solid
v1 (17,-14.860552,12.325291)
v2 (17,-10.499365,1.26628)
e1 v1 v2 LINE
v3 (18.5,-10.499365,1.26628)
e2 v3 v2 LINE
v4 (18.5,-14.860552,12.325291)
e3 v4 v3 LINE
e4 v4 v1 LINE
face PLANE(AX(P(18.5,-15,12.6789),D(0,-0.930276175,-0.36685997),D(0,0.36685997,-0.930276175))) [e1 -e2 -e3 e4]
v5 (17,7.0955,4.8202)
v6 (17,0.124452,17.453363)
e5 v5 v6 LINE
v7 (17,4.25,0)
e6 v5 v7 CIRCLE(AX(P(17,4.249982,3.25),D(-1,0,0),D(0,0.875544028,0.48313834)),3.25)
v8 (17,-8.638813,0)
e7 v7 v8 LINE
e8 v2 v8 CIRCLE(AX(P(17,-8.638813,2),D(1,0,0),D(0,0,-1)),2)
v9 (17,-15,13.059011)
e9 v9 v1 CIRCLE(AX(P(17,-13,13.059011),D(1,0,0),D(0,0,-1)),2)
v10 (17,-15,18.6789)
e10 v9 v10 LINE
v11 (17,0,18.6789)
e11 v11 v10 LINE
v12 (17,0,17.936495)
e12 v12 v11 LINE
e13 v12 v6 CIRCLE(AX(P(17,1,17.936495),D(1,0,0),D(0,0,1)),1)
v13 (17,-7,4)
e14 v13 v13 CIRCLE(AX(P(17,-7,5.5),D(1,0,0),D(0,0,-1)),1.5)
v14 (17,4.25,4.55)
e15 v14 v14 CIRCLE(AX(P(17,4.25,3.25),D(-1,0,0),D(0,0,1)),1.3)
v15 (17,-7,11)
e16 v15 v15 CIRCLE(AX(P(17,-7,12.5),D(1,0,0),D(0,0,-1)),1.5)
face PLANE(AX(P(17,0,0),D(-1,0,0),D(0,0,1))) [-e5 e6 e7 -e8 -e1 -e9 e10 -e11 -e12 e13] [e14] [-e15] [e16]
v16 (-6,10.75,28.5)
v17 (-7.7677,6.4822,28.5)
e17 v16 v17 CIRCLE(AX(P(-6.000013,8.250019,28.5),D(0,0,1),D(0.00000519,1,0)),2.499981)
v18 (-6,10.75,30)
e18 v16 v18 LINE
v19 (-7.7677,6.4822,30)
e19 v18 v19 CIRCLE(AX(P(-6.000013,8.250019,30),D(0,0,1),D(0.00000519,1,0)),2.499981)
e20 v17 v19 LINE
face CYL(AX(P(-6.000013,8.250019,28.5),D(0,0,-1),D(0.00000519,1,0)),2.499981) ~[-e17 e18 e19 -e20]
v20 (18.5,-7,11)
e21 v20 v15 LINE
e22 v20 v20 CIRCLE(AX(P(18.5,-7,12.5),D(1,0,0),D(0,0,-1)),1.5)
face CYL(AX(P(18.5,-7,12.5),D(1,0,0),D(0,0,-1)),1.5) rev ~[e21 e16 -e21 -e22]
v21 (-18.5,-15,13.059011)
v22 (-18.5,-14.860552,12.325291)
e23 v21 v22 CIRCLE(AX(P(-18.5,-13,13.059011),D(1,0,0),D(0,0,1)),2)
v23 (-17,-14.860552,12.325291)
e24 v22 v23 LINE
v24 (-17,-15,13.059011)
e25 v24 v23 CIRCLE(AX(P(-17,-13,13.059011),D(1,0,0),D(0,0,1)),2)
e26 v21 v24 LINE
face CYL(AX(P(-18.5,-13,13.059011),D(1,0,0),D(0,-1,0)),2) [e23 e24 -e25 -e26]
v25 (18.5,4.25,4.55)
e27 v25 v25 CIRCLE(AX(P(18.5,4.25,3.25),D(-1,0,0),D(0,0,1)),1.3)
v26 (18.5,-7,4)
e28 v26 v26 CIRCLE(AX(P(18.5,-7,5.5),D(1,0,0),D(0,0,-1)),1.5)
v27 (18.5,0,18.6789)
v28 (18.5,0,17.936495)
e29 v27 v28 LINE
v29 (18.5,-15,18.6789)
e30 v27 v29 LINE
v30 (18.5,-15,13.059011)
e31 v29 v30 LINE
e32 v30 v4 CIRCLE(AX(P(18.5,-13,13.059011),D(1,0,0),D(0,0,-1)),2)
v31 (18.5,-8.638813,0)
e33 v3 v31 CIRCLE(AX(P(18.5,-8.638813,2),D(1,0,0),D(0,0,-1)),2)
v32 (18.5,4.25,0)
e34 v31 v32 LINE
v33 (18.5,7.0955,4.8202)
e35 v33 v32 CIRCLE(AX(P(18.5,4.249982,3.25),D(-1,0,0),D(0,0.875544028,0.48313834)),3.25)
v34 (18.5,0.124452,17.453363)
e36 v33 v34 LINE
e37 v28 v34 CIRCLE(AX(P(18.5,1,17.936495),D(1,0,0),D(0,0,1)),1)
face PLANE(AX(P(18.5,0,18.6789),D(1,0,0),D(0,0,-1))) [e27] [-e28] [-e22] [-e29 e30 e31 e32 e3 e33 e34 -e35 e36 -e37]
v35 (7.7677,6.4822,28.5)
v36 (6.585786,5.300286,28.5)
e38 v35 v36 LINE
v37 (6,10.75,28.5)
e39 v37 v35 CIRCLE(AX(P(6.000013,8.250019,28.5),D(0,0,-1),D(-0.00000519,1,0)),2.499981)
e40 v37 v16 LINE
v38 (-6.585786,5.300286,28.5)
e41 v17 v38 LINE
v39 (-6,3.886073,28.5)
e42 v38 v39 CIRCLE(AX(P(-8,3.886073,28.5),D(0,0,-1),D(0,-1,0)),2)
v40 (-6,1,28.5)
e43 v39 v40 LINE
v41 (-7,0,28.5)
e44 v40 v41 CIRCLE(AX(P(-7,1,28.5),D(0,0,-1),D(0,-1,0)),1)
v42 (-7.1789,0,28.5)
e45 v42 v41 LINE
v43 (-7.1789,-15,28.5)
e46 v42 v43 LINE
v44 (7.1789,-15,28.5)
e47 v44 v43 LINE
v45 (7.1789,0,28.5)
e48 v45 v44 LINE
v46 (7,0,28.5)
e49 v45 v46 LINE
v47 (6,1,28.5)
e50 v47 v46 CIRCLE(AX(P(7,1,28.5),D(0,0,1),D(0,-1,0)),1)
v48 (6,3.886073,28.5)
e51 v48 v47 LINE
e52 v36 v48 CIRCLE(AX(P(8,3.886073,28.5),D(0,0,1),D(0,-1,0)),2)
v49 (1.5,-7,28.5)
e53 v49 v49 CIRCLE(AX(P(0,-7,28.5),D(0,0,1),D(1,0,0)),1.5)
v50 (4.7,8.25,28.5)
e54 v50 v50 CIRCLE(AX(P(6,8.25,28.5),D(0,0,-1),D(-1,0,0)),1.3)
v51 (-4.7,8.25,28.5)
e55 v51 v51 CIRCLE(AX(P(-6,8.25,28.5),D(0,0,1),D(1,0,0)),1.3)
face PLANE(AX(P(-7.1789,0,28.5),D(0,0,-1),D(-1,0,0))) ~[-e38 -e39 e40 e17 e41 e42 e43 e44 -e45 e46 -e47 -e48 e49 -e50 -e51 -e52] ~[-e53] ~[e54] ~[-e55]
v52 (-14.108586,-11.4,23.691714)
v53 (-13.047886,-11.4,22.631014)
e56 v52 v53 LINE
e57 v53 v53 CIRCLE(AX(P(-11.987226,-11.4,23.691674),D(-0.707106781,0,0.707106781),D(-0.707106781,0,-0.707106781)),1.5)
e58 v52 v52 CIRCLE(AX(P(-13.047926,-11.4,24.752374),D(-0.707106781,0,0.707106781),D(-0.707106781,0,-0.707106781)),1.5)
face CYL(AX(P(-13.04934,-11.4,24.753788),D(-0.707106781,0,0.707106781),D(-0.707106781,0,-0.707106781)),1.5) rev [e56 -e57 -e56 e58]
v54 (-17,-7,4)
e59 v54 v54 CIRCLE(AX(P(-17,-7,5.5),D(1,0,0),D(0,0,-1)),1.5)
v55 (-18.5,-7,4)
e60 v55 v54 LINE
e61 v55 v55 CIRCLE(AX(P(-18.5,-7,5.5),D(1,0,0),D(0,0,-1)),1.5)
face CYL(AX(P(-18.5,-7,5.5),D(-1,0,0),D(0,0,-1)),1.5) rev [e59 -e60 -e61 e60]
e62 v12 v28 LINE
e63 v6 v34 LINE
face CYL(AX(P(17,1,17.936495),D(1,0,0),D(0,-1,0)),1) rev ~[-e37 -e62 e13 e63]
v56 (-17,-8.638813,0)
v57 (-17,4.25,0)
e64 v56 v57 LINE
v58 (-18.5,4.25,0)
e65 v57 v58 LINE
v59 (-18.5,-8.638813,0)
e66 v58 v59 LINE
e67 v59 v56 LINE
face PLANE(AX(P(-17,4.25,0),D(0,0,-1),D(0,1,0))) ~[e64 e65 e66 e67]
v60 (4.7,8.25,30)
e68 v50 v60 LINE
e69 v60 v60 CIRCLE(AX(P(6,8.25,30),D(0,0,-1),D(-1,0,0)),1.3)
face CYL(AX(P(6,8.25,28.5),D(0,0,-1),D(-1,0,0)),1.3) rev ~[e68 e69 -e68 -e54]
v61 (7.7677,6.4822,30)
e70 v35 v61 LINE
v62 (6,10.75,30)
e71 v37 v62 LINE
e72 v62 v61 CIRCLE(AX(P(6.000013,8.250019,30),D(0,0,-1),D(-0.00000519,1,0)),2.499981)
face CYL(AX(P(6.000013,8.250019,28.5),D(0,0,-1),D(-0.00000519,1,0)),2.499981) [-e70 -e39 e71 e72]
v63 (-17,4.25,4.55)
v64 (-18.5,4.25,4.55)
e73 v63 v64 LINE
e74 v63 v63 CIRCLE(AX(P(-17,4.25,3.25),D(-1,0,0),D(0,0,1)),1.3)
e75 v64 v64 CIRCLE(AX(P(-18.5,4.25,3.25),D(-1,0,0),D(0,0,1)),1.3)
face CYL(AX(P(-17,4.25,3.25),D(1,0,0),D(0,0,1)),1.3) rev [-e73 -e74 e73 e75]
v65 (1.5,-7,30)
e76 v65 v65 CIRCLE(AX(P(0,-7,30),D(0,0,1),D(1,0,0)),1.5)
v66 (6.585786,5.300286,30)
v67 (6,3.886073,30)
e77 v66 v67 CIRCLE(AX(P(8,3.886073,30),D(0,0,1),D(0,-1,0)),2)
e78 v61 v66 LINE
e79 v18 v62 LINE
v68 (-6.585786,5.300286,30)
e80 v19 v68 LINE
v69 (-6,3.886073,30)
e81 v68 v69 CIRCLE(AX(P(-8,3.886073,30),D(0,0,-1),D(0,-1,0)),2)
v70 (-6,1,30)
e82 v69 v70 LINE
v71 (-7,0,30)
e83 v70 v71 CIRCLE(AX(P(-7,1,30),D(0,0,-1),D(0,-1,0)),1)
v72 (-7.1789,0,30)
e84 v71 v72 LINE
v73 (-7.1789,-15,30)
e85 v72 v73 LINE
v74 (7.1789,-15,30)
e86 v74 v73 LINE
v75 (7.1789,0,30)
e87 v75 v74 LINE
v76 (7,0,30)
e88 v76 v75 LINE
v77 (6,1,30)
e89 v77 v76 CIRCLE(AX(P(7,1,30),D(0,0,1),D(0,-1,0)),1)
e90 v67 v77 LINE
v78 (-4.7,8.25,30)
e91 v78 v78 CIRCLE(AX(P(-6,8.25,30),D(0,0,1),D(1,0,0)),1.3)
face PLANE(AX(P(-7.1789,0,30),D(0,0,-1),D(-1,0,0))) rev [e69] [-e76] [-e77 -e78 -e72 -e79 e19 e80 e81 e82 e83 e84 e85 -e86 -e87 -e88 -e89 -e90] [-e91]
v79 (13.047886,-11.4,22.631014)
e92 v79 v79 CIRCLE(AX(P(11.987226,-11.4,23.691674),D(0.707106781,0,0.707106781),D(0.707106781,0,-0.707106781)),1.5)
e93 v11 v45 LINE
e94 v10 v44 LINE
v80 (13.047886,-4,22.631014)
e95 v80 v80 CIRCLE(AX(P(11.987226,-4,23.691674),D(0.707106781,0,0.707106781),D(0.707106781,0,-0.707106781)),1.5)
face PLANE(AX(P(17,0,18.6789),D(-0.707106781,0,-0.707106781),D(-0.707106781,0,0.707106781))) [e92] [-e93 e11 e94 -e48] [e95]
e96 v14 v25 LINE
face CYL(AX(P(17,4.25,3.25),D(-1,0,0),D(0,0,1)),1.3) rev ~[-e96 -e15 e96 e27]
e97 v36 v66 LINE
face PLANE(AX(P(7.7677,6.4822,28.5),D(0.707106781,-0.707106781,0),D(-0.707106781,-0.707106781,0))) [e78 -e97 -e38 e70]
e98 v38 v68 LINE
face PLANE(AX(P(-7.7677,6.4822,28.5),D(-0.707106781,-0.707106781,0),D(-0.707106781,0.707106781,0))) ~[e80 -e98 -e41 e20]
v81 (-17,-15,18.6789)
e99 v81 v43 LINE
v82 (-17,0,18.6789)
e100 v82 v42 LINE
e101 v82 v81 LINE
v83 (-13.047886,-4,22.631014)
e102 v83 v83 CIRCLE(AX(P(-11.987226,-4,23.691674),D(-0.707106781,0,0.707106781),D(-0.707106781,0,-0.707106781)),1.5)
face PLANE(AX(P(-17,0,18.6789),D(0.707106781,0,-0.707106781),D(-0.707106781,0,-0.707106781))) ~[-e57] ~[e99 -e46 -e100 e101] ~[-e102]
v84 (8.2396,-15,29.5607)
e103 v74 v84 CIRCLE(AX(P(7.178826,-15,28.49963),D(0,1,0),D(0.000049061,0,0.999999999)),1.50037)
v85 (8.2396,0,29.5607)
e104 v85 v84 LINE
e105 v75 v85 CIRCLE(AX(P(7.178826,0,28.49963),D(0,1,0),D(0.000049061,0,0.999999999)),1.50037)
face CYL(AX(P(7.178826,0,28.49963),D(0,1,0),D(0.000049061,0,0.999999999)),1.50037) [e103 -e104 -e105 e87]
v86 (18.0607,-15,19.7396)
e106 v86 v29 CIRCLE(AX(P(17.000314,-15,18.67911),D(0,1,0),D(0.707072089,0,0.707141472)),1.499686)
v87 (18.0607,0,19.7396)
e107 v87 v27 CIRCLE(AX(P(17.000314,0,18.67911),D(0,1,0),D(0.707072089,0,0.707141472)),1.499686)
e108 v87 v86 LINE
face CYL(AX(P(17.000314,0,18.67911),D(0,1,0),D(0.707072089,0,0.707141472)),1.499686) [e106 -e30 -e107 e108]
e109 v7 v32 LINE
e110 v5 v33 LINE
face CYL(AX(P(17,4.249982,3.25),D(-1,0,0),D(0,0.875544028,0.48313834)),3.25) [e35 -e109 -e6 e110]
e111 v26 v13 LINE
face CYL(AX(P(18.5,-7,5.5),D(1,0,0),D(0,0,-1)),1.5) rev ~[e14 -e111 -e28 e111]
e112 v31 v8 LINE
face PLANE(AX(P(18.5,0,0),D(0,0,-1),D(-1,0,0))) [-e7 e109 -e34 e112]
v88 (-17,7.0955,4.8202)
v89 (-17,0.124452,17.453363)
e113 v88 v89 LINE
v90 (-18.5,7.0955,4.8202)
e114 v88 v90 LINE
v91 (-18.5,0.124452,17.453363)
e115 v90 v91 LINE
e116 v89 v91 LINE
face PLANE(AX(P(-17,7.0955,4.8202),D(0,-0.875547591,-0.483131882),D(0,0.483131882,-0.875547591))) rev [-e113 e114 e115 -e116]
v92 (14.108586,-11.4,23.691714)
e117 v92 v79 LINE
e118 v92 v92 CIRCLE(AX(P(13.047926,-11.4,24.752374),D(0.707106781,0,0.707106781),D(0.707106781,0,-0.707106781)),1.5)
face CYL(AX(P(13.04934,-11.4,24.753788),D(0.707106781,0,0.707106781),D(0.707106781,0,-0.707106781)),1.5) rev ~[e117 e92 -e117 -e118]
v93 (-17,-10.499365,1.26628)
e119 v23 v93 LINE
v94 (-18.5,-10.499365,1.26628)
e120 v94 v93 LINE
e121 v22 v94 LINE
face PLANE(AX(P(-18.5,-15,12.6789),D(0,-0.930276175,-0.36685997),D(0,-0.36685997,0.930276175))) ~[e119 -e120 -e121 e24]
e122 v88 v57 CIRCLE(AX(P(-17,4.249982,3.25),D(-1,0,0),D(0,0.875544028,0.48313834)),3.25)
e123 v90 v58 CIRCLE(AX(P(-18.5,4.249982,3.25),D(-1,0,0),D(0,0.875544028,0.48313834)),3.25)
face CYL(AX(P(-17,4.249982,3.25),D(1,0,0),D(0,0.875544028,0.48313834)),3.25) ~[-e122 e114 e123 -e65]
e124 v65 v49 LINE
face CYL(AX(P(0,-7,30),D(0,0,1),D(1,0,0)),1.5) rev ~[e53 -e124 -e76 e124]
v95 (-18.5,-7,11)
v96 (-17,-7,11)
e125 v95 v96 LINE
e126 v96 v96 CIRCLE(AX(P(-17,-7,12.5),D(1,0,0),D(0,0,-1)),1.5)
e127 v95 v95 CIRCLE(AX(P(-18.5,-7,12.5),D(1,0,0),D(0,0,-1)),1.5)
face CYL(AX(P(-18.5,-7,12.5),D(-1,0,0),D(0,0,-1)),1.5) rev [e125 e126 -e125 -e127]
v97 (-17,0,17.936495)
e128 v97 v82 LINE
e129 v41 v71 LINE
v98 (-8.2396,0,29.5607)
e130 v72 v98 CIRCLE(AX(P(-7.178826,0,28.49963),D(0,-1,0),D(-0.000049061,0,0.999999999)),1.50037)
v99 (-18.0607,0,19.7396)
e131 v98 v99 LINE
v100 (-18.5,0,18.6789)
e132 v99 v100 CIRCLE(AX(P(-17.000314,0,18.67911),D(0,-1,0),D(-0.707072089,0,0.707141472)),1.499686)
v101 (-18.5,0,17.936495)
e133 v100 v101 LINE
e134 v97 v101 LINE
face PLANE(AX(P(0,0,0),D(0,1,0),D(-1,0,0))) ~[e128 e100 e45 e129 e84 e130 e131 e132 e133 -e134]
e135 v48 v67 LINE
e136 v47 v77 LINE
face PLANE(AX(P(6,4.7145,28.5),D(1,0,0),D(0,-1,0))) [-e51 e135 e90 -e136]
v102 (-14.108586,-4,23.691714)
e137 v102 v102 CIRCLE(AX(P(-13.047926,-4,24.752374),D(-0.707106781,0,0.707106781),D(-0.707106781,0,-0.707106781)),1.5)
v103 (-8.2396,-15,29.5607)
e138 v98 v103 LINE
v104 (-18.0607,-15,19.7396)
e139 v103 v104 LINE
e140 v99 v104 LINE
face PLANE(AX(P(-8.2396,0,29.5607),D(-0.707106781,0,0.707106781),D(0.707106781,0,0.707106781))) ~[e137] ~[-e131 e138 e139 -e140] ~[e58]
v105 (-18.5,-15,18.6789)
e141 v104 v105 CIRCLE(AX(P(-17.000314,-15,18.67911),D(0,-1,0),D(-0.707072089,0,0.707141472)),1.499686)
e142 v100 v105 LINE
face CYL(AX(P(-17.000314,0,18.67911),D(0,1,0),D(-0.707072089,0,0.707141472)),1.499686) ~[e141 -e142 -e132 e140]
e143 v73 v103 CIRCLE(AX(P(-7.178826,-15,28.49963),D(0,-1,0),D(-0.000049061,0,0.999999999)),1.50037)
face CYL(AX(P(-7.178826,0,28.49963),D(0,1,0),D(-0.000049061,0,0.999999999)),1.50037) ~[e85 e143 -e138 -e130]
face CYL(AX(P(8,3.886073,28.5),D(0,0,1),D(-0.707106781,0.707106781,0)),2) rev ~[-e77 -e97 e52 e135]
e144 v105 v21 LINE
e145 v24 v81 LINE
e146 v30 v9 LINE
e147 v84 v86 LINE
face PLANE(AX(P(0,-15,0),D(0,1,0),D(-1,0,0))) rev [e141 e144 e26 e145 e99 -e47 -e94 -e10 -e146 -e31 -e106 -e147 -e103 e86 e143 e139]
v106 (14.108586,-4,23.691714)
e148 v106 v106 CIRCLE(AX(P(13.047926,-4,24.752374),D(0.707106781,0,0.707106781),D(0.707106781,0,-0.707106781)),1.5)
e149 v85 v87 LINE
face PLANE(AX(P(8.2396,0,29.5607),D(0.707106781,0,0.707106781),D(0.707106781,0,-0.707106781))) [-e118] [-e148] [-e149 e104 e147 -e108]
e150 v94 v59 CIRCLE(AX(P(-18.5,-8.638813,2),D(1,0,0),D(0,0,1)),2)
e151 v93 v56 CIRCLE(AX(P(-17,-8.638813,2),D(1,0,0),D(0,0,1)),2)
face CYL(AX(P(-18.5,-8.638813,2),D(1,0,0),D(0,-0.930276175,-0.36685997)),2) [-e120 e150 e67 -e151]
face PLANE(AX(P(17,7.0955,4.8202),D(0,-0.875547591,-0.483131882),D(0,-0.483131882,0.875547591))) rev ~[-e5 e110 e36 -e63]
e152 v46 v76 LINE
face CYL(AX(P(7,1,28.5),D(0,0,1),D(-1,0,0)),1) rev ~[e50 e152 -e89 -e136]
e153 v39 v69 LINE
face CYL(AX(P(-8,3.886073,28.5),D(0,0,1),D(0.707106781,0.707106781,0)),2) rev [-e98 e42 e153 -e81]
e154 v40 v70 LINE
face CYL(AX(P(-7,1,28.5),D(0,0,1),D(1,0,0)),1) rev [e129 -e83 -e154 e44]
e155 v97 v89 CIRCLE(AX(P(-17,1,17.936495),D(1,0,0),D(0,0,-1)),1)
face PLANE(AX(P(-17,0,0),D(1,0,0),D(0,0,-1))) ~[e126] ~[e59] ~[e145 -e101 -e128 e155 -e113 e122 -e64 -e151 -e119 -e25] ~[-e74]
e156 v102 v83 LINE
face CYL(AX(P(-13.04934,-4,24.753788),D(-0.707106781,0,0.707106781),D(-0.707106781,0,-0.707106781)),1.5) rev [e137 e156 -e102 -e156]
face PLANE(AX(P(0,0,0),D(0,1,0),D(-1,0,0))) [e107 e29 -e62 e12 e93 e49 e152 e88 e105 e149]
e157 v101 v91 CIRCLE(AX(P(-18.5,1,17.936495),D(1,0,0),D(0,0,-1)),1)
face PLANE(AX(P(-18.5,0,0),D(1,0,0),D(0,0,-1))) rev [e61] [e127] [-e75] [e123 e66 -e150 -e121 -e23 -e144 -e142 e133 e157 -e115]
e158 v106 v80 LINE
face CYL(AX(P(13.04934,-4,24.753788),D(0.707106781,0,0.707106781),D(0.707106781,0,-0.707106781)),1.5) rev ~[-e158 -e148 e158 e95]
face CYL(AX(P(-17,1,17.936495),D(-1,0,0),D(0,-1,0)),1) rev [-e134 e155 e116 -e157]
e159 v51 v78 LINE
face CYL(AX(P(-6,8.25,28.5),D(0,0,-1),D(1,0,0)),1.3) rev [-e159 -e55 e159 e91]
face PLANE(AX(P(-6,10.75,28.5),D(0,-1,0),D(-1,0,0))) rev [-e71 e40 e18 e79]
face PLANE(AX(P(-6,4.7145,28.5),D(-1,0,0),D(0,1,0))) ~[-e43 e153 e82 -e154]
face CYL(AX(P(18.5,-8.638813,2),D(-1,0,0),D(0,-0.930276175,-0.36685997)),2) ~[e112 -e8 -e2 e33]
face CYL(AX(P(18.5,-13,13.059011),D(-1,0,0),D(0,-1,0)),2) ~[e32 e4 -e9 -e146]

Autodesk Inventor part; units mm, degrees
ref_plane "YZ Plane" through (0, 0, 0) normal (1, 0, 0) x (0, 1, 0)
ref_plane "XZ Plane" through (0, 0, 0) normal (0, 1, 0) x (-1, 0, 0)
ref_plane "XY Plane" through (0, 0, 0) normal (0, 0, 1) x (1, 0, 0)
sketch "スケッチ1" plane through (0, 0, 0) normal (0, 1, 0) x (-1, 0, 0)
  line L0 (0, 0) -> (0, 28.5) construction
  line L1 (0, 30) -> (-7.1789, 30)
  line L2 (-8.2396, 29.5607) -> (-18.0607, 19.7396)
  line L3 (-18.5, 18.6789) -> (-18.5, 0)
  line L4 (-18.5, 0) -> (-17, 0)
  line L5 (-17, 0) -> (-17, 18.6789)
  line L6 (-17, 18.6789) -> (-7.1789, 28.5)
  line L7 (-7.1789, 28.5) -> (0, 28.5)
  line L8 (0, 28.5) -> (0, 30)
  line L9 (0, 0) -> (-17, 0) construction
  line L10 (0, 14.25) -> (-10.7145, 24.9645) construction
  arc A0 (-7.1789, 30) -> (-8.2396, 29.5607) centre (-7.1789, 28.5) ccw
  arc A1 (-18.0607, 19.7396) -> (-18.5, 18.6789) centre (-17, 18.6789) ccw
  dimension "d0" = 28.5
  dimension "d1" = 1.5
  dimension "d2" = 1.5
  dimension "d3" = 135
  dimension "d4" = 1.5
  dimension "d5" = 34
  dimension "d7" = 5
  dimension "d8" = 1.5
extrude "押し出し1" add sketch "スケッチ1" against normal blind 15
sketch "スケッチ2" plane through (17, 0, 0) normal (-1, 0, 0) x (0, 0, 1)
  circle A0 centre (3.25, 4.25) radius 1.3
  arc A1 (4.8202, 7.0955) -> (0, 4.25) centre (3.25, 4.25) ccw
  line L0 (0, 4.25) -> (0, 0)
  line L1 (4.8202, 7.0955) -> (17.6789, 0)
  line L2 (18.6789, 0) -> (0, 0) construction
  line L3 (0, 0) -> (0, -15) construction
  line L4 (0, 0) -> (17.6789, 0)
  line L5 (18.6789, 0) -> (18.6789, -15) projected
  dimension "d11" = 2.6
  dimension "d12" = 4.25
  dimension "d13" = 3.25
  dimension "d14" = 1
extrude "押し出し2" add sketch "スケッチ2" against normal blind 1.5
sketch "スケッチ3" plane through (7.1789, 0, 28.5) normal (0, 0, -1) x (-1, 0, 0)
  circle A0 centre (1.1789, 8.25) radius 1.3
  line L0 (7.1789, 0) -> (0, 0) construction
  line L1 (7.1789, 0) -> (7.1789, 5.7754) construction
  arc A1 (1.1789, 10.75) -> (-0.5888, 6.4822) centre (1.1789, 8.25) ccw
  line L2 (-0.5888, 6.4822) -> (1.1789, 4.7145)
  line L3 (1.1789, 4.7145) -> (1.1789, 0)
  line L4 (1.1789, 10.75) -> (7.1789, 10.75)
  line L5 (7.1789, 10.75) -> (7.1789, 0)
  line L6 (1.1789, 0) -> (7.1789, 0)
  dimension "d17" = 8.25
  dimension "d18" = 12
  dimension "d19" = 2.6
  dimension "d20" = 2.5
  dimension "d21" = 45
  dimension "d22" = 12
extrude "押し出し3" add sketch "スケッチ3" against normal blind 1.5
sketch "スケッチ4" plane through (18.5, -15, 18.6789) normal (1, 0, 0) x (0, 0, -1)
  line L0 (6, 0) -> (18.6789, 5)
  line L1 (18.6789, 0) -> (18.6789, 19.25) construction
  line L2 (18.6789, 0) -> (18.6789, 5)
  line L3 (0, 0) -> (18.6789, 0) construction
  line L4 (18.6789, 0) -> (6, 0)
  line L5 (0, 15) -> (0, 0) construction
  circle A0 centre (13.1789, 8) radius 1.5
  circle A1 centre (6.1789, 8) radius 1.5
  arc A2 (14.2789, 7.4063) -> (14.2789, 8.5937) centre (13.1789, 8) ccw projected
  arc A3 (7.2789, 7.4063) -> (7.2789, 8.5937) centre (6.1789, 8) ccw projected
  dimension "d25" = 5
  dimension "d26" = 6
  dimension "d36" = 3
extrude "押し出し4" cut sketch "スケッチ4" against normal blind 1.5
fillet "フィレット1" radius 2 3 edges at (17.75, -10, 0) (17.75, -15, 12.6789) (6, 4.7145, 29.25)
fillet "フィレット2" radius 1 2 edges at (17.75, 0, 17.6789) (6, 0, 29.25)
sketch "スケッチ5" plane through (8.2396, -15, 29.5607) normal (0.7071, 0, 0.7071) x (0.7071, 0, -0.7071)
  circle A0 centre (6.8, 11) radius 1.5
  circle A1 centre (6.8, 3.6) radius 1.5
  line L0 (0, 15) -> (13.8891, 15) projected
  line L1 (6.8, 90.0103) -> (6.8, -102.5616) construction
  point P0 (15.0763, 15)
  dimension "d31" = 7.4
  dimension "d32" = 3
  dimension "d33" = 4
extrude "押し出し5" cut sketch "スケッチ5" against normal blind 1.5
mirror "ミラー3" about plane through (0, 0, 0) normal (1, 0, 0) of "押し出し1", "押し出し2", "押し出し3", "押し出し4", "フィレット1", "フィレット2", "押し出し5"
sketch "スケッチ7" plane through (7.1789, -15, 30) normal (0, 0, 1) x (1, 0, 0)
  circle A0 centre (-7.1789, 8) radius 1.5
  arc A1 (-7.8848, 9.0316) -> (-7.8848, 6.9684) centre (-7.1789, 8) ccw projected
  point P0 (-7.1789, 15)
  dimension "d37" = 3
extrude "押し出し6" cut sketch "スケッチ7" against normal blind 1.5
properties part number "16_024_LOAD_CELL_MOUNT_BRACKET_R1" material "アルミニウム 6061"
